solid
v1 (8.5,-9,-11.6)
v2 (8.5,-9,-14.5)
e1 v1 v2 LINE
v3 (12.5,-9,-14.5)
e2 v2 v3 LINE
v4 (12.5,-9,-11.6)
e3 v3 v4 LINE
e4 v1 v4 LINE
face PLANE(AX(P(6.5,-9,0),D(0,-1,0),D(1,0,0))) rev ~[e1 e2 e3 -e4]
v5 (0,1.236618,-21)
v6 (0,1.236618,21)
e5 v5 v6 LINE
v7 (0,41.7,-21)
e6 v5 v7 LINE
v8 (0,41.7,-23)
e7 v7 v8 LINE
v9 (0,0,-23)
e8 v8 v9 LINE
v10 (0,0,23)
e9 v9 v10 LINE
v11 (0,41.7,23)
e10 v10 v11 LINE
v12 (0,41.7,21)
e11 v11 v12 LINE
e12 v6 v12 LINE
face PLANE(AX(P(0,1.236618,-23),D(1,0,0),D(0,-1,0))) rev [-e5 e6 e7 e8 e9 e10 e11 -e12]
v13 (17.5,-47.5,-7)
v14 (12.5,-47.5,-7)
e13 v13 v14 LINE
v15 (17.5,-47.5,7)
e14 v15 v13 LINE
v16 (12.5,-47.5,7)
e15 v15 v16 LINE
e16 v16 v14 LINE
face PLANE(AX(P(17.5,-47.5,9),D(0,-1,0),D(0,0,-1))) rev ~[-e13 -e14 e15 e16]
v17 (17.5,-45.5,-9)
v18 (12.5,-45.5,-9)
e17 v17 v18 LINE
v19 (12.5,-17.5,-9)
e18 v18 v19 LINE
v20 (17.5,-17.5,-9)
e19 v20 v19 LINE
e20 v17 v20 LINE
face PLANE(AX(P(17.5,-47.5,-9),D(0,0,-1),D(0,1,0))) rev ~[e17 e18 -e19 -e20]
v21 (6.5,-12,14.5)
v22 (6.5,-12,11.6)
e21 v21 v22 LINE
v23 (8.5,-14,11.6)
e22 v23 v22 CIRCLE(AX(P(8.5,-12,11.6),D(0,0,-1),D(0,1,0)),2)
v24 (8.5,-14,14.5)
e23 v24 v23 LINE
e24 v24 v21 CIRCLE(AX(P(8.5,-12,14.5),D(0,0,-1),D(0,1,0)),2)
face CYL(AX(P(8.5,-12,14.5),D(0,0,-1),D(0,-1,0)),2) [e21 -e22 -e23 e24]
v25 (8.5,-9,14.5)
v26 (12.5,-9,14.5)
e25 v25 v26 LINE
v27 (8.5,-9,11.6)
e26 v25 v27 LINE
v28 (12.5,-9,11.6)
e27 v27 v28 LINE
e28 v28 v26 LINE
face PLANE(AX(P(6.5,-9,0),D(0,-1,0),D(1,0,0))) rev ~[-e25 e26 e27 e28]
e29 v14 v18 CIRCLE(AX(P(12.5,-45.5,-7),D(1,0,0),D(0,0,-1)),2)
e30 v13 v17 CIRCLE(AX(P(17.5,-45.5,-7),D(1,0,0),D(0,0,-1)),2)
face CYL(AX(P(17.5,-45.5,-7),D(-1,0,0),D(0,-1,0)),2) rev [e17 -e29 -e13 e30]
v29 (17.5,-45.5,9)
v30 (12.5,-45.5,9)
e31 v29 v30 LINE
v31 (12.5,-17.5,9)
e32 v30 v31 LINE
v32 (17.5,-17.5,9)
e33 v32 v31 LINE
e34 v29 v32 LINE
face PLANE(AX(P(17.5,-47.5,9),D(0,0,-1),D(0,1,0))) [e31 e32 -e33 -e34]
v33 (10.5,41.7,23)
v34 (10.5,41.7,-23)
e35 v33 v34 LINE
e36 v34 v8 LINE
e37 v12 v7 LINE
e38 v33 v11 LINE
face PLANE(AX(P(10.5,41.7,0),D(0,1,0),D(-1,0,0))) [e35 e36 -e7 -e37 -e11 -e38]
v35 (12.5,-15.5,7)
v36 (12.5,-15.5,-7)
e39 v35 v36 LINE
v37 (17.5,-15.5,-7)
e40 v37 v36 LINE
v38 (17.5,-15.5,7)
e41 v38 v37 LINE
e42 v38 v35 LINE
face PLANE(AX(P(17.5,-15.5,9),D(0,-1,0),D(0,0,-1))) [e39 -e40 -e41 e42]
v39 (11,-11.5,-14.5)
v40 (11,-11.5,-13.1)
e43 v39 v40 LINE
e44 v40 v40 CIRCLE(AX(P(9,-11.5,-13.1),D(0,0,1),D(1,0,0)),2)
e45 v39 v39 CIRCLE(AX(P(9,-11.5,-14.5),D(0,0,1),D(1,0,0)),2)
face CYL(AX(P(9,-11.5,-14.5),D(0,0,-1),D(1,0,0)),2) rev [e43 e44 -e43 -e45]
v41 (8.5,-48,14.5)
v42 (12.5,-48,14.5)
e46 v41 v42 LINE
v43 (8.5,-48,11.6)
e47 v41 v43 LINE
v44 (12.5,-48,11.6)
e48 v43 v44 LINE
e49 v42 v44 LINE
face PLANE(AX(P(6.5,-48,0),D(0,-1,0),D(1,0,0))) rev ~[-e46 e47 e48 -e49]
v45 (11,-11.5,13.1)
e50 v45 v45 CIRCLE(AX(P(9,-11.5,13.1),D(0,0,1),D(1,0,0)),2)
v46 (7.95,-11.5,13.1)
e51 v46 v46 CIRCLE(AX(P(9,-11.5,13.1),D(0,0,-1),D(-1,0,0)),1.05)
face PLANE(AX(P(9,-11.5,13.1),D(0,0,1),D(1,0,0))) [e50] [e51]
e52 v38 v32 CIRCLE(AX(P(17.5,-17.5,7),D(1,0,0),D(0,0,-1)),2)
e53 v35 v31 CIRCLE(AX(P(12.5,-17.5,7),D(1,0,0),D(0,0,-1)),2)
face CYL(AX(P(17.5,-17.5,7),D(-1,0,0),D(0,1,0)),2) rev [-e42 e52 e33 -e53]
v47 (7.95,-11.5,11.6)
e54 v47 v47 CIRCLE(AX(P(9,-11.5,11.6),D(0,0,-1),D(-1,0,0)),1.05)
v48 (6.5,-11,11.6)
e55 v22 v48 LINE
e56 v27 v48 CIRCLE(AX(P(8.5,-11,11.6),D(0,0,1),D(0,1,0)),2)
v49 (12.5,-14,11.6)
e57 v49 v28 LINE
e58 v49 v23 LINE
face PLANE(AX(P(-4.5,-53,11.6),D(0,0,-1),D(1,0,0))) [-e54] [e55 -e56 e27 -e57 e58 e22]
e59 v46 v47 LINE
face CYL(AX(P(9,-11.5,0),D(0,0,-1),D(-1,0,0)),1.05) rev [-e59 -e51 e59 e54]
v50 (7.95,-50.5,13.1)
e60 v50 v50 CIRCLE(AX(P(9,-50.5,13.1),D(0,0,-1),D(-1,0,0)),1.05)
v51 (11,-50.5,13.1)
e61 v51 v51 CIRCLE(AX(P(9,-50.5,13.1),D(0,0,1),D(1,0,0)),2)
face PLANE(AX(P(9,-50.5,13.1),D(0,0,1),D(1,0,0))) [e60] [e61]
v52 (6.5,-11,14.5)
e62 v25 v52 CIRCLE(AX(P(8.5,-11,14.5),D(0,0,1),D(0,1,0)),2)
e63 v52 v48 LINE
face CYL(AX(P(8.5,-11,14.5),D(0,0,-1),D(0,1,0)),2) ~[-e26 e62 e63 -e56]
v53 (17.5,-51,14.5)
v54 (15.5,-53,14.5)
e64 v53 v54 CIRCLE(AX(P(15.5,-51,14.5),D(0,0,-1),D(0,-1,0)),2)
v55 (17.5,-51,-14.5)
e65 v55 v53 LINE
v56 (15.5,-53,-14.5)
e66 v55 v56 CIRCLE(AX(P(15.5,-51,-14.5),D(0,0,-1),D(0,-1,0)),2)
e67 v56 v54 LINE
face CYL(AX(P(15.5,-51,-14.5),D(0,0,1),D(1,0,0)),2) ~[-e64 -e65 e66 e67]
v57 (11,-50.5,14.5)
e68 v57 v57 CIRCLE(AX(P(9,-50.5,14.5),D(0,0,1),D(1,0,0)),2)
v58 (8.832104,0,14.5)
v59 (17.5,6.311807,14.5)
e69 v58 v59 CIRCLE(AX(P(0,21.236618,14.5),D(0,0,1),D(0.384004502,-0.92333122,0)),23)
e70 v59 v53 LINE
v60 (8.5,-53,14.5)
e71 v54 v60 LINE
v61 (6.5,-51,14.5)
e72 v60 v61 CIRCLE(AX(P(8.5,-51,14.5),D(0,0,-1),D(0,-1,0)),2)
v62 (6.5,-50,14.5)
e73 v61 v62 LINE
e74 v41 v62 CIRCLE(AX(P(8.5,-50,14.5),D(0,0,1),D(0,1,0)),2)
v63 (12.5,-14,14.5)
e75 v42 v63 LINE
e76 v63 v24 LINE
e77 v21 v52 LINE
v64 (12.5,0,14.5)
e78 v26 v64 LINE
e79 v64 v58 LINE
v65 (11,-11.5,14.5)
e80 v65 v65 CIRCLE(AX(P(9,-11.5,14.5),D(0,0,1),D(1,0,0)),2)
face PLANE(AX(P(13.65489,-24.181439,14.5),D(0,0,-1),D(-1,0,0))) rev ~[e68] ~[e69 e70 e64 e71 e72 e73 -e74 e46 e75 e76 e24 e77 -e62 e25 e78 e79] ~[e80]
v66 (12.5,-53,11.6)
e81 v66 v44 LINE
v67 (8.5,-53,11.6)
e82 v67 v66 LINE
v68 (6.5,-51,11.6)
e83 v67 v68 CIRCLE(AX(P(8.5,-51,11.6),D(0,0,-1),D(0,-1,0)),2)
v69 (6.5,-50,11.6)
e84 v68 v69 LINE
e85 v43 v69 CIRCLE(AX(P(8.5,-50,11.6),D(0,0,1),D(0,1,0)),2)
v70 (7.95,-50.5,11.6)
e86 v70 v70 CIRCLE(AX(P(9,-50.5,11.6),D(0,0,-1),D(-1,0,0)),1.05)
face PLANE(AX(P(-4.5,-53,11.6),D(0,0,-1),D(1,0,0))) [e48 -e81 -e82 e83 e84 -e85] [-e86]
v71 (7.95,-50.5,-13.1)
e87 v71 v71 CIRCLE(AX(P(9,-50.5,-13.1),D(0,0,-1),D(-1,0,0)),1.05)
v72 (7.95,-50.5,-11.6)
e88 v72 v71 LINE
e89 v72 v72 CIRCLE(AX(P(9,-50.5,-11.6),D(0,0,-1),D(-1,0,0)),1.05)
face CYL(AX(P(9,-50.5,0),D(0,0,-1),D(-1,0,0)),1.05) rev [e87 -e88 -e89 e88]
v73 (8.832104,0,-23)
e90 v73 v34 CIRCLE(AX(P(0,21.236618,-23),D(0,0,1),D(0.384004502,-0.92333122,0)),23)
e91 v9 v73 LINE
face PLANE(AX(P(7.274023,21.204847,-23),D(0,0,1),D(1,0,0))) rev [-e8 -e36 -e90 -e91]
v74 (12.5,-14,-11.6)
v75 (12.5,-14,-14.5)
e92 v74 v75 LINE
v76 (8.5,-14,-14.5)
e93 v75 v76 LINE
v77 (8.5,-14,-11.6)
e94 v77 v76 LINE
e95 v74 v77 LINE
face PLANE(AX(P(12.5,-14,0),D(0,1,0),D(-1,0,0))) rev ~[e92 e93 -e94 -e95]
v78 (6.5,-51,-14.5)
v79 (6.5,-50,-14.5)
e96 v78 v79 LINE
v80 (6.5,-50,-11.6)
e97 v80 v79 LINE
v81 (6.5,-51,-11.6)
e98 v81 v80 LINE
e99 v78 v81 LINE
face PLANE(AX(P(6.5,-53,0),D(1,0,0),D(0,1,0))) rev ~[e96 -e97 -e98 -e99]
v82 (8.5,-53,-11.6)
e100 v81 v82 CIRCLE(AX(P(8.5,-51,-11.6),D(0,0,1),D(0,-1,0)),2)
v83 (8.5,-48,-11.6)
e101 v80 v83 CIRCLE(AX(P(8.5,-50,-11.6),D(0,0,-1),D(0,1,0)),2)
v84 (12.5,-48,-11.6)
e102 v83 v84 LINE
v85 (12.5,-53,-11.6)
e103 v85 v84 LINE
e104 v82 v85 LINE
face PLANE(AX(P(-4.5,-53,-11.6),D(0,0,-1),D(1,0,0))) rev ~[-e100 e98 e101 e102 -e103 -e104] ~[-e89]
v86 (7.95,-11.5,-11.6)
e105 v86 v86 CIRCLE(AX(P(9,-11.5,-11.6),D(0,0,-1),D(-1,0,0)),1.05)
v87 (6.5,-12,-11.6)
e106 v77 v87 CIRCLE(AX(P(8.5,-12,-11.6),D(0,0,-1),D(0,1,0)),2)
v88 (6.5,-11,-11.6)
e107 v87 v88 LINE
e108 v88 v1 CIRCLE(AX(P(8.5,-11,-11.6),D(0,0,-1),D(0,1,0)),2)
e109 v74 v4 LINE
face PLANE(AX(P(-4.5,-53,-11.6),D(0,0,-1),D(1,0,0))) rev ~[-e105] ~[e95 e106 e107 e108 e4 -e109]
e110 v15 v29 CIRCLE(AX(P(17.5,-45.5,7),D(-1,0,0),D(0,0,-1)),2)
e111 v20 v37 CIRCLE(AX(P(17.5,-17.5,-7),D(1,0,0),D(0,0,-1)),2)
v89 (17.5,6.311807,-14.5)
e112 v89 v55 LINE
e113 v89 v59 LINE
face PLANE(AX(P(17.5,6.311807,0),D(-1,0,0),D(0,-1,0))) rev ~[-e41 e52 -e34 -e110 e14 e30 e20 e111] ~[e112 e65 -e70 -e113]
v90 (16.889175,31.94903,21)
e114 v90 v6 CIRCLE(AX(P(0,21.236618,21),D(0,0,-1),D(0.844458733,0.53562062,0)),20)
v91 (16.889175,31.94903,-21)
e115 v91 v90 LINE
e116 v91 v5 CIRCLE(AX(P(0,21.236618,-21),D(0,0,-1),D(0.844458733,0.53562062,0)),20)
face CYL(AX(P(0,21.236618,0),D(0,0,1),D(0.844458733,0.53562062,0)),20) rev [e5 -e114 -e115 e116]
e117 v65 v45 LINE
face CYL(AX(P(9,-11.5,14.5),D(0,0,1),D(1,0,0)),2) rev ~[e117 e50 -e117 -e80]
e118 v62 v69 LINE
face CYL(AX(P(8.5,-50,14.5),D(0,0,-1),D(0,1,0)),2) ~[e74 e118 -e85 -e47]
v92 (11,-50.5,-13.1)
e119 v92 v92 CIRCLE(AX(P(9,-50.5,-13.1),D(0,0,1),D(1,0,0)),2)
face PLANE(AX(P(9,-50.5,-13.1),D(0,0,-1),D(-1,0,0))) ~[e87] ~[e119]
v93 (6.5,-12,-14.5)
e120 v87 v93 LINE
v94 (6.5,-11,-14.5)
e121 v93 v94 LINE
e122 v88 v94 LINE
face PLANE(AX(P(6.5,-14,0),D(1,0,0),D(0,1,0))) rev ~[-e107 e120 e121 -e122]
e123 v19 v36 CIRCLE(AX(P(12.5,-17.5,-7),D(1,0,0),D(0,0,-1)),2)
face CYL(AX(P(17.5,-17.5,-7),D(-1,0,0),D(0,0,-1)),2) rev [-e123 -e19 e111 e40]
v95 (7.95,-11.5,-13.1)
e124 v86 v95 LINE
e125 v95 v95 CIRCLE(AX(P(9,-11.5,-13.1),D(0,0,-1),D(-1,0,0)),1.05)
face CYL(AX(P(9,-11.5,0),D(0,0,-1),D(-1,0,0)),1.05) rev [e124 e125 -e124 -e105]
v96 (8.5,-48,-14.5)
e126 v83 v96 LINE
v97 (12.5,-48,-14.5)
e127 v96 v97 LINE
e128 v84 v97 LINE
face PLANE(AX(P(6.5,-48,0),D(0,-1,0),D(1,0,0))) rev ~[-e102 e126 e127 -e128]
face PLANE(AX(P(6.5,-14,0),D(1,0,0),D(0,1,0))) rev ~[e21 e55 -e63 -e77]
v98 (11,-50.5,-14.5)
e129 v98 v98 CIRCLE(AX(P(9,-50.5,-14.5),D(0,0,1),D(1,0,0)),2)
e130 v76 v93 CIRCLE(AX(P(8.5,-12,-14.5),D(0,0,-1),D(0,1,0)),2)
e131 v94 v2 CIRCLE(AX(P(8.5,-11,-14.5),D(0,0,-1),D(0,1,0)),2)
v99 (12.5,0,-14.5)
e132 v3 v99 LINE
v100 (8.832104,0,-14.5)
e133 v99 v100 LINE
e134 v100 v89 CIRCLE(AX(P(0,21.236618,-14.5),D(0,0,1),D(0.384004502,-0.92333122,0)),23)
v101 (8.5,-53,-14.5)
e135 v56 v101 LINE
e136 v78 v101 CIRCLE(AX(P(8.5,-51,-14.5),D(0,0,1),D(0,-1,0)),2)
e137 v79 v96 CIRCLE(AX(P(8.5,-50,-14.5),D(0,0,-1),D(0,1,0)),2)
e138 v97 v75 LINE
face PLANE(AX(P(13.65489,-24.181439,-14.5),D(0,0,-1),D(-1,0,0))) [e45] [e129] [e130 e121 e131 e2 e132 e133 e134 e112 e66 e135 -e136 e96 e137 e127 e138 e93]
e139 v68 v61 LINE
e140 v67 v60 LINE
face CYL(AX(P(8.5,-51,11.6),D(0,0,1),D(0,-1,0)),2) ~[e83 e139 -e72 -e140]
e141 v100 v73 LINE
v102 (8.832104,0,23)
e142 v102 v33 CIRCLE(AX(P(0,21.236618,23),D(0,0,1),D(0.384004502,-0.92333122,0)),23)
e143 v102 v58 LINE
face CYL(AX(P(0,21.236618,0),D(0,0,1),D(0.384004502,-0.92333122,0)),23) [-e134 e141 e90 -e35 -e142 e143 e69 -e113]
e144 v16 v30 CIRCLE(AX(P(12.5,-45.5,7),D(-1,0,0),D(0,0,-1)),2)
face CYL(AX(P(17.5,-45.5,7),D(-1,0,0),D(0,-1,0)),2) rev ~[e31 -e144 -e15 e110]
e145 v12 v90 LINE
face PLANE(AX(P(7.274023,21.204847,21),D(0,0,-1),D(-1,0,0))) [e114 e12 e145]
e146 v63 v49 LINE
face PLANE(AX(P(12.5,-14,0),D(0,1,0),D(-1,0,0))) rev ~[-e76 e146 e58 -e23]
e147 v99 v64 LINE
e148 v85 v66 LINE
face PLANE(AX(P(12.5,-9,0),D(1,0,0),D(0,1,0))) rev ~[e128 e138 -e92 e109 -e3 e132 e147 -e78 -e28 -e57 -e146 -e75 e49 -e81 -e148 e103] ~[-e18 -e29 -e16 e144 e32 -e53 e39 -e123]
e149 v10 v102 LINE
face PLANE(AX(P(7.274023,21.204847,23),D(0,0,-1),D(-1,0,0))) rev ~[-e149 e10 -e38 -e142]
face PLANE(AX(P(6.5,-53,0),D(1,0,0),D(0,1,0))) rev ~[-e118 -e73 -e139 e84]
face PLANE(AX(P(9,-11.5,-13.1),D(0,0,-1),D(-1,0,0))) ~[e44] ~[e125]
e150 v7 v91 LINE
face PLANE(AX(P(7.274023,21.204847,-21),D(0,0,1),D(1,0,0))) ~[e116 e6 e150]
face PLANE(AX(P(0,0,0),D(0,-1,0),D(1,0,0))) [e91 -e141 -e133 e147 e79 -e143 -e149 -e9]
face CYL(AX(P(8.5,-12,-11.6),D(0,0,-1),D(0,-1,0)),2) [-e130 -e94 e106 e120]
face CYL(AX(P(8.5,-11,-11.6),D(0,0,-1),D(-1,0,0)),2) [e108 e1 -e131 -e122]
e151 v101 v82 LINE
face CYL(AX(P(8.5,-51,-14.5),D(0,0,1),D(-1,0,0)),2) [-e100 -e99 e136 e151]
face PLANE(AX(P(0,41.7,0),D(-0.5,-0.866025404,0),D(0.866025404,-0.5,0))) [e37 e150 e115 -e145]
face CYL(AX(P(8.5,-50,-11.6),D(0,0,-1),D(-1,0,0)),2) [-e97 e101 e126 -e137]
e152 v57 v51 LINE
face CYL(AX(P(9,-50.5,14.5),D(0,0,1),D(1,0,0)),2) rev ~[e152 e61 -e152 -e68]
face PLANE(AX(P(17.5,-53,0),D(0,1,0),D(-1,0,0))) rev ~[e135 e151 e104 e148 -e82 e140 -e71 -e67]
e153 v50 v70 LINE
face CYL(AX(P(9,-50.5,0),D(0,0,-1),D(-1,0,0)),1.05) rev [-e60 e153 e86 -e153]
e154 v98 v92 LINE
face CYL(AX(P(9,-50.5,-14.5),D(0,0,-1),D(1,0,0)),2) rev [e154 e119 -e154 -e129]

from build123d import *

# Parameters (mm, degrees)
BOSS_EXTRUDE1_DEPTH = 23
BOSS_EXTRUDE2_DEPTH = 2
SKETCH3_R           = 1.05
BOSS_EXTRUDE3_DEPTH = 14.5
SKETCH4_W           = 17
SKETCH4_H           = 23.2
CUT_EXTRUDE1_DEPTH  = 50
SKETCH7_W           = 18
SKETCH7_H           = 32
CUT_EXTRUDE4_DEPTH  = 61.367623773
SKETCH8_R           = 2
CUT_EXTRUDE5_DEPTH  = 1.4
FILLET1_R           = 2


with BuildPart() as part:
    # Sketch1 → Boss-Extrude1 (new, symmetric)
    with BuildSketch(Plane.XY):
        with BuildLine():
            Line((0, 41.7), (16.889174661, 31.949030463))
            ThreePointArc((16.889174661, 31.949030463), (17.524957173, 11.599404984), (0, 1.23661807))
            Line((0, 1.23661807), (0, 0))
            Line((0, 0), (8.83210354, 0))
            ThreePointArc((8.83210354, 0), (22.981624329, 20.31741016), (10.5, 41.7))
            Line((10.5, 41.7), (0, 41.7))
        make_face()
    extrude(amount=BOSS_EXTRUDE1_DEPTH, both=True)

    # Sketch2 → Boss-Extrude2 (add)
    with BuildSketch(Plane.XY.offset(23)):
        with BuildLine():
            Line((0, 41.7), (16.889174661, 31.949030463))
            ThreePointArc((16.889174661, 31.949030463), (17.524957173, 11.599404984), (0, 1.23661807))
            Line((0, 1.23661807), (0, 41.7))
        make_face()
    boss_extrude2 = extrude(amount=-BOSS_EXTRUDE2_DEPTH)

    # Mirror2: Boss-Extrude2 across plane
    add(boss_extrude2.mirror(Plane.XY))

    # Sketch3 → Boss-Extrude3 (add, symmetric)
    with BuildSketch(Plane.XY):
        with BuildLine():
            Line((12.5, -53), (6.5, -53))
            Line((6.5, -53), (6.5, -48))
            Line((6.5, -48), (12.5, -48))
            Line((12.5, -48), (12.5, -14))
            Line((12.5, -14), (6.5, -14))
            Line((6.5, -14), (6.5, -9))
            Line((6.5, -9), (12.5, -9))
            Line((12.5, -9), (12.5, 0))
            Line((12.5, 0), (8.83210354, 0))
            ThreePointArc((8.83210354, 0), (13.539004564, 2.643733533), (17.5, 6.311806514))
            Line((17.5, 6.311806514), (17.5, -53))
            Line((17.5, -53), (12.5, -53))
        make_face()
        with Locations((9, -11.5)):
            Circle(SKETCH3_R, mode=Mode.SUBTRACT)
        with Locations((9, -50.5)):
            Circle(SKETCH3_R, mode=Mode.SUBTRACT)
    extrude(amount=BOSS_EXTRUDE3_DEPTH, both=True)

    # Sketch4 → Cut-Extrude1 (cut)
    with BuildSketch(Plane.XZ.offset(53)):
        with Locations((4, 0)):
            Rectangle(SKETCH4_W, SKETCH4_H)
    extrude(amount=-CUT_EXTRUDE1_DEPTH, mode=Mode.SUBTRACT)

    # Sketch7 → Cut-Extrude4 (cut, through all)
    with BuildSketch(Plane(origin=(17.5, 0, 0), x_dir=(0, 0, -1), z_dir=(1, 0, 0))):
        with Locations((0, -31.5)):
            Rectangle(SKETCH7_W, SKETCH7_H)
    extrude(amount=-CUT_EXTRUDE4_DEPTH, mode=Mode.SUBTRACT)

    # Sketch8 → Cut-Extrude5 (cut)
    with BuildSketch(Plane.XY.offset(14.5)):
        with Locations((9, -11.5)):
            Circle(SKETCH8_R)
        with Locations((9, -50.5)):
            Circle(SKETCH8_R)
    cut_extrude5 = extrude(amount=-CUT_EXTRUDE5_DEPTH, mode=Mode.SUBTRACT)

    # Fillet1
    fillet1_edges = [part.edges().sort_by_distance(p)[0] for p in [
        (15, -47.5, -9),
        (15, -47.5, 9),
        (15, -15.5, 9),
        (15, -15.5, -9),
        (6.5, -48, -13.05),
        (6.5, -53, -13.05),
        (6.5, -48, 13.05),
        (6.5, -53, 13.05),
        (6.5, -14, 13.05),
        (6.5, -14, -13.05),
        (17.5, -53, 0),
        (6.5, -9, 13.05),
        (6.5, -9, -13.05),
    ]]
    fillet(fillet1_edges, radius=FILLET1_R)

    # Mirror3: Cut-Extrude5 across plane
    add(cut_extrude5.mirror(Plane.XY), mode=Mode.SUBTRACT)


solid = part.part
